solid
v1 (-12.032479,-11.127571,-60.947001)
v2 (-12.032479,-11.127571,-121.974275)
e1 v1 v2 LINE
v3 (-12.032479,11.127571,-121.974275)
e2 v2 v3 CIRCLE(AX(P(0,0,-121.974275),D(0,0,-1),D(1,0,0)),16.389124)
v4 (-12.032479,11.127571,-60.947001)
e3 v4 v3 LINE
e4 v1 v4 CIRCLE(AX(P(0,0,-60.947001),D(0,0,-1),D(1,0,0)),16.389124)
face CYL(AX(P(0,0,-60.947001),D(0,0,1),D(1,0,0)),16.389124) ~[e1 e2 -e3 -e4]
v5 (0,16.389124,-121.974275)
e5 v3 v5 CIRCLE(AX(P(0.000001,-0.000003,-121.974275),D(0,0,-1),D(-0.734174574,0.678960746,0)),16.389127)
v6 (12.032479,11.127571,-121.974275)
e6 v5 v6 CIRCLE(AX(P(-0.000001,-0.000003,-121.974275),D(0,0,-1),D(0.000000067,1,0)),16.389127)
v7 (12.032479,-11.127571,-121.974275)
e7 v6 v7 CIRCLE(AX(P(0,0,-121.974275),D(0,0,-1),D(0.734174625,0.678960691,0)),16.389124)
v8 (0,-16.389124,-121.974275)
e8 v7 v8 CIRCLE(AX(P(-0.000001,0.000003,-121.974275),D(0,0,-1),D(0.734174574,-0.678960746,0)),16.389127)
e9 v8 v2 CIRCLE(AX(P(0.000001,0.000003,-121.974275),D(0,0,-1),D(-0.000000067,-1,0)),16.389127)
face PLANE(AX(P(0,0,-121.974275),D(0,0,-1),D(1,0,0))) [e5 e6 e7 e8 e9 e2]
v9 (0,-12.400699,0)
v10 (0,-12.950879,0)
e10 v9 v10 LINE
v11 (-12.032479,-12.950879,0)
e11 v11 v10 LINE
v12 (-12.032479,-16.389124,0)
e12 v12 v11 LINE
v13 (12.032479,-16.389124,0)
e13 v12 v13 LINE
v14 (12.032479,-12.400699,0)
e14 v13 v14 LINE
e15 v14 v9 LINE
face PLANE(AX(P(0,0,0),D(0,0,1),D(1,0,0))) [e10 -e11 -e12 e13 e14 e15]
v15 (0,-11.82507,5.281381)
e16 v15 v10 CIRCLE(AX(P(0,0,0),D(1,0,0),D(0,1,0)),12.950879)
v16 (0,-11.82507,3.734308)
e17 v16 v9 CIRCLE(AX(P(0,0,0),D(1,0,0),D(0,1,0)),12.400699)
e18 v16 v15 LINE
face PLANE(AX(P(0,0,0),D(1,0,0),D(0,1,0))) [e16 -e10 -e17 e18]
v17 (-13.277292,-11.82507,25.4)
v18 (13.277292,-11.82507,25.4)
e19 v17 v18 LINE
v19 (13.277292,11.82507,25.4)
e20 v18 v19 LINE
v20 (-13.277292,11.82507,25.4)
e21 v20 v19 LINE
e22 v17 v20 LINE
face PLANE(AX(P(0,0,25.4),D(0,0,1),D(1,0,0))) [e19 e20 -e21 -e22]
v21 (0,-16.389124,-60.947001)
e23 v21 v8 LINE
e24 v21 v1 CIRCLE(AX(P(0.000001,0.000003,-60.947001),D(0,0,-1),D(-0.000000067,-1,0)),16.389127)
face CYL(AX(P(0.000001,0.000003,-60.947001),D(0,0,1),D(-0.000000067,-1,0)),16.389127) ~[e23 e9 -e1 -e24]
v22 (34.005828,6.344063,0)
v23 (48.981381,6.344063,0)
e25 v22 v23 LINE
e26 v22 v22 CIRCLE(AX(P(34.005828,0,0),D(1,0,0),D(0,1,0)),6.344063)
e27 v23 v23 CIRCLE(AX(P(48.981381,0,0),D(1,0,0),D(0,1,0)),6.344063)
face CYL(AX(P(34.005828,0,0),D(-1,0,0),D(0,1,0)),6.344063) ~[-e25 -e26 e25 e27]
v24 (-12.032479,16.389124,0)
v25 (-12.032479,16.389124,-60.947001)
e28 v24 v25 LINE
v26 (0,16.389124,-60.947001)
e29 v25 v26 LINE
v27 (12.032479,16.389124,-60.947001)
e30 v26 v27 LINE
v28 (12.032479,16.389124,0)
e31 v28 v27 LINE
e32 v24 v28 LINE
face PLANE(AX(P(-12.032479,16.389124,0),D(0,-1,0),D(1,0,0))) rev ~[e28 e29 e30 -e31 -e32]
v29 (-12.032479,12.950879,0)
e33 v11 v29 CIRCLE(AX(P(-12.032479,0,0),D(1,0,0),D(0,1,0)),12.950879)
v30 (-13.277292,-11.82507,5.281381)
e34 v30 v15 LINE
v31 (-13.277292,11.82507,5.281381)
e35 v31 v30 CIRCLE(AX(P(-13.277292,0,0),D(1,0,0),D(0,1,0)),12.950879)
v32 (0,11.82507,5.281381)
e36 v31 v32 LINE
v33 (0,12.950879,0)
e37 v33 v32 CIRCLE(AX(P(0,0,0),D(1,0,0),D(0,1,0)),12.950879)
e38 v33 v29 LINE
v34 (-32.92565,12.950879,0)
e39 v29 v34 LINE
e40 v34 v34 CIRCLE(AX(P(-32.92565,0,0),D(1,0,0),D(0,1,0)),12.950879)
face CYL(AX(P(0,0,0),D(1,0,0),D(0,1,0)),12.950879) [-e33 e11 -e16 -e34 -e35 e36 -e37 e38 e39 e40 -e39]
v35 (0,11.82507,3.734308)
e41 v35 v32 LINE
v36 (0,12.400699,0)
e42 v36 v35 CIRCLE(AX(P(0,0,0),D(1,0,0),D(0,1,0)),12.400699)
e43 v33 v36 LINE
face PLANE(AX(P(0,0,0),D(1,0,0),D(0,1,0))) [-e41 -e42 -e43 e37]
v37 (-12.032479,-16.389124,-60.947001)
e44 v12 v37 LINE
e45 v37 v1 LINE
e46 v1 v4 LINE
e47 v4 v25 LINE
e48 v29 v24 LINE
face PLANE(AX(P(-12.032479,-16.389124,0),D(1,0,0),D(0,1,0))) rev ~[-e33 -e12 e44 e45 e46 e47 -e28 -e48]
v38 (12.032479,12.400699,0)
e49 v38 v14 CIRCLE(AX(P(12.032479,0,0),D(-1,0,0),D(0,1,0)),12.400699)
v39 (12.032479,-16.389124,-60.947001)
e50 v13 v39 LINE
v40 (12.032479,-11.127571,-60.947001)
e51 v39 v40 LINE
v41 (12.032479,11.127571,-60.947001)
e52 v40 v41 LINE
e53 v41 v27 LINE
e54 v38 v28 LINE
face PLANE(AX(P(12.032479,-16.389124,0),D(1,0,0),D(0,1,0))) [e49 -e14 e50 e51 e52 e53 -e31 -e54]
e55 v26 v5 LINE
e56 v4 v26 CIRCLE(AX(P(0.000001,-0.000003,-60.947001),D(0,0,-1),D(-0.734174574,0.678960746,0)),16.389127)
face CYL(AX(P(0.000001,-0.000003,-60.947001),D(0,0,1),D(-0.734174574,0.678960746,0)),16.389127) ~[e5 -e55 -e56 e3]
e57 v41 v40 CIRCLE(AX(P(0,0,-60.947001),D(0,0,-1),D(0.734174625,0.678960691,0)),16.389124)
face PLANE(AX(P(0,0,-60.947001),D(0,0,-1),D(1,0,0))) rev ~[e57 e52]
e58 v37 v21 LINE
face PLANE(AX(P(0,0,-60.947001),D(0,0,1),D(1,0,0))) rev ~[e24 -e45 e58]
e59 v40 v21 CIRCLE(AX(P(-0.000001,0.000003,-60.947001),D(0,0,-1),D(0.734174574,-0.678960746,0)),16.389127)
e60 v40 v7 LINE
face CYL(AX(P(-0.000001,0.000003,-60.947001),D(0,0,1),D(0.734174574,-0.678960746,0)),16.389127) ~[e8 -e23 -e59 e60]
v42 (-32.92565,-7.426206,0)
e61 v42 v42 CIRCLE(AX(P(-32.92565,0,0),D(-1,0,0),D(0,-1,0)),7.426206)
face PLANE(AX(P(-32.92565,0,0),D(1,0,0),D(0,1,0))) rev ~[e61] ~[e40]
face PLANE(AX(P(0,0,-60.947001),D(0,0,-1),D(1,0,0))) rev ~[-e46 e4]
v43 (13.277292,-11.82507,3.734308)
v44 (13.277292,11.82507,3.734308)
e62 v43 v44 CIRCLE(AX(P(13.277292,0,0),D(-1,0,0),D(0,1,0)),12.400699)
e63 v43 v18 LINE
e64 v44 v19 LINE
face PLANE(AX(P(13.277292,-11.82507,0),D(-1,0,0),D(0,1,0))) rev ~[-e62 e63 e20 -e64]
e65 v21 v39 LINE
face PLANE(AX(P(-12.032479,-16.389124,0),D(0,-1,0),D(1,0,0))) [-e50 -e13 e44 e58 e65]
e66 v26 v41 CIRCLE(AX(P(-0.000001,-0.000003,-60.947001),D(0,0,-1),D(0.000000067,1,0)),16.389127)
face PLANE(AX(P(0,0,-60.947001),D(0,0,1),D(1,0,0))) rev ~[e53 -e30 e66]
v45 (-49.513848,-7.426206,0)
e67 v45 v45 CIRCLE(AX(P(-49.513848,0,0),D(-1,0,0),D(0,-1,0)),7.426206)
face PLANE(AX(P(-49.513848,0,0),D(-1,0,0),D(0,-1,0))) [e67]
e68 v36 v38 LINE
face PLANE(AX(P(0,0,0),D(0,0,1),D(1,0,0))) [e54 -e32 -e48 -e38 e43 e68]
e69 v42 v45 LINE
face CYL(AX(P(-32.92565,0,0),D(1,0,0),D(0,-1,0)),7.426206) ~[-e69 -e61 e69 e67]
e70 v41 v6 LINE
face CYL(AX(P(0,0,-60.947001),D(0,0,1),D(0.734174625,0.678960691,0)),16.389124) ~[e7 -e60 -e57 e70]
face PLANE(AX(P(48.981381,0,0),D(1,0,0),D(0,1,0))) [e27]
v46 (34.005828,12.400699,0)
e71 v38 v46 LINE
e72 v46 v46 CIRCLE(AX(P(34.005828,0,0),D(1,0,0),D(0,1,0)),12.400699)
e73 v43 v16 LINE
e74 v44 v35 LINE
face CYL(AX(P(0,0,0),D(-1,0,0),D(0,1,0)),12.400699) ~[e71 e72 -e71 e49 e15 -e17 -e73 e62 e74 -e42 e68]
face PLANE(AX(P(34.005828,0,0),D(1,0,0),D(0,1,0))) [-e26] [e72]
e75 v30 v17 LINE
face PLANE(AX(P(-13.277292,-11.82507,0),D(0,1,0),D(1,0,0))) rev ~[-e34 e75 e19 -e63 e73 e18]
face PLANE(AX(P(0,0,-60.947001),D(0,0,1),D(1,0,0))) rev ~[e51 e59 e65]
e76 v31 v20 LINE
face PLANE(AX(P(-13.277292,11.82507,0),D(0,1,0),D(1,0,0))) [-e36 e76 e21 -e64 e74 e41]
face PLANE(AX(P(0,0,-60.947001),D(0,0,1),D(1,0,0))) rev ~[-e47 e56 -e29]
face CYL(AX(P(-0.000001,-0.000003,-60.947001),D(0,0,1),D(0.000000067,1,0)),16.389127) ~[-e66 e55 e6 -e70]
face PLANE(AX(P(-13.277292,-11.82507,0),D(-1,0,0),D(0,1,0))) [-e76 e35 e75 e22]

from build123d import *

# Parameters (mm, degrees)
F0_R      = 12.400699
F1_DEPTH  = 34.005828
F2_R      = 12.950879
F3_DEPTH  = 32.92565
F5_W      = 24.064958
F5_H      = 32.778248
F6_DEPTH  = 60.947001
F4_W      = 26.554584
F4_H      = 23.65014
F8_DEPTH  = 25.4
F7_R      = 6.344063
F9_DEPTH  = 14.975553
F10_R     = 7.426206
F11_DEPTH = 16.588198
F12_R     = 16.389124
F13_DEPTH = 61.027274


with BuildPart() as f1:
    # F0 (on Right) → F1 (new body)
    with BuildSketch(Plane.YZ):
        Circle(F0_R)
    extrude(amount=F1_DEPTH)

    # F2 (on Right) → F3 (join)
    with BuildSketch(Plane.YZ):
        Circle(F2_R)
    extrude(amount=-F3_DEPTH)

    # F5 (on Top) → F6 (join)
    with BuildSketch(Plane.XY):
        Rectangle(F5_W, F5_H)
    extrude(amount=-F6_DEPTH)

    # F4 (on Top) → F8 (join)
    with BuildSketch(Plane.XY):
        Rectangle(F4_W, F4_H)
    extrude(amount=F8_DEPTH)

    # F7 (on face) → F9 (join)
    with BuildSketch(Plane.YZ.offset(34.005828)):
        Circle(F7_R)
    extrude(amount=F9_DEPTH)

    # F10 (on face) → F11 (join)
    with BuildSketch(Plane(origin=(-32.92565, 0, 0), x_dir=(0, -1, 0), z_dir=(-1, 0, 0))):
        Circle(F10_R)
    extrude(amount=F11_DEPTH)

    # F12 (on face) → F13 (join)
    with BuildSketch(Plane(origin=(0, 0, -60.947001), x_dir=(1, 0, 0), z_dir=(0, 0, -1))):
        with BuildLine():
            Line((12.032479, -11.127571), (12.032479, 11.127571))
            ThreePointArc((12.032479, 11.127571), (6.566287, 15.016233), (0, 16.389124))
            ThreePointArc((0, 16.389124), (-6.566287, 15.016233), (-12.032479, 11.127571))
            Line((-12.032479, 11.127571), (-12.032479, -11.127571))
            ThreePointArc((-12.032479, -11.127571), (-6.566287, -15.016233), (0, -16.389124))
            ThreePointArc((0, -16.389124), (6.566287, -15.016233), (12.032479, -11.127571))
        make_face()
        Circle(F12_R)
    extrude(amount=F13_DEPTH)


solid = f1.part
